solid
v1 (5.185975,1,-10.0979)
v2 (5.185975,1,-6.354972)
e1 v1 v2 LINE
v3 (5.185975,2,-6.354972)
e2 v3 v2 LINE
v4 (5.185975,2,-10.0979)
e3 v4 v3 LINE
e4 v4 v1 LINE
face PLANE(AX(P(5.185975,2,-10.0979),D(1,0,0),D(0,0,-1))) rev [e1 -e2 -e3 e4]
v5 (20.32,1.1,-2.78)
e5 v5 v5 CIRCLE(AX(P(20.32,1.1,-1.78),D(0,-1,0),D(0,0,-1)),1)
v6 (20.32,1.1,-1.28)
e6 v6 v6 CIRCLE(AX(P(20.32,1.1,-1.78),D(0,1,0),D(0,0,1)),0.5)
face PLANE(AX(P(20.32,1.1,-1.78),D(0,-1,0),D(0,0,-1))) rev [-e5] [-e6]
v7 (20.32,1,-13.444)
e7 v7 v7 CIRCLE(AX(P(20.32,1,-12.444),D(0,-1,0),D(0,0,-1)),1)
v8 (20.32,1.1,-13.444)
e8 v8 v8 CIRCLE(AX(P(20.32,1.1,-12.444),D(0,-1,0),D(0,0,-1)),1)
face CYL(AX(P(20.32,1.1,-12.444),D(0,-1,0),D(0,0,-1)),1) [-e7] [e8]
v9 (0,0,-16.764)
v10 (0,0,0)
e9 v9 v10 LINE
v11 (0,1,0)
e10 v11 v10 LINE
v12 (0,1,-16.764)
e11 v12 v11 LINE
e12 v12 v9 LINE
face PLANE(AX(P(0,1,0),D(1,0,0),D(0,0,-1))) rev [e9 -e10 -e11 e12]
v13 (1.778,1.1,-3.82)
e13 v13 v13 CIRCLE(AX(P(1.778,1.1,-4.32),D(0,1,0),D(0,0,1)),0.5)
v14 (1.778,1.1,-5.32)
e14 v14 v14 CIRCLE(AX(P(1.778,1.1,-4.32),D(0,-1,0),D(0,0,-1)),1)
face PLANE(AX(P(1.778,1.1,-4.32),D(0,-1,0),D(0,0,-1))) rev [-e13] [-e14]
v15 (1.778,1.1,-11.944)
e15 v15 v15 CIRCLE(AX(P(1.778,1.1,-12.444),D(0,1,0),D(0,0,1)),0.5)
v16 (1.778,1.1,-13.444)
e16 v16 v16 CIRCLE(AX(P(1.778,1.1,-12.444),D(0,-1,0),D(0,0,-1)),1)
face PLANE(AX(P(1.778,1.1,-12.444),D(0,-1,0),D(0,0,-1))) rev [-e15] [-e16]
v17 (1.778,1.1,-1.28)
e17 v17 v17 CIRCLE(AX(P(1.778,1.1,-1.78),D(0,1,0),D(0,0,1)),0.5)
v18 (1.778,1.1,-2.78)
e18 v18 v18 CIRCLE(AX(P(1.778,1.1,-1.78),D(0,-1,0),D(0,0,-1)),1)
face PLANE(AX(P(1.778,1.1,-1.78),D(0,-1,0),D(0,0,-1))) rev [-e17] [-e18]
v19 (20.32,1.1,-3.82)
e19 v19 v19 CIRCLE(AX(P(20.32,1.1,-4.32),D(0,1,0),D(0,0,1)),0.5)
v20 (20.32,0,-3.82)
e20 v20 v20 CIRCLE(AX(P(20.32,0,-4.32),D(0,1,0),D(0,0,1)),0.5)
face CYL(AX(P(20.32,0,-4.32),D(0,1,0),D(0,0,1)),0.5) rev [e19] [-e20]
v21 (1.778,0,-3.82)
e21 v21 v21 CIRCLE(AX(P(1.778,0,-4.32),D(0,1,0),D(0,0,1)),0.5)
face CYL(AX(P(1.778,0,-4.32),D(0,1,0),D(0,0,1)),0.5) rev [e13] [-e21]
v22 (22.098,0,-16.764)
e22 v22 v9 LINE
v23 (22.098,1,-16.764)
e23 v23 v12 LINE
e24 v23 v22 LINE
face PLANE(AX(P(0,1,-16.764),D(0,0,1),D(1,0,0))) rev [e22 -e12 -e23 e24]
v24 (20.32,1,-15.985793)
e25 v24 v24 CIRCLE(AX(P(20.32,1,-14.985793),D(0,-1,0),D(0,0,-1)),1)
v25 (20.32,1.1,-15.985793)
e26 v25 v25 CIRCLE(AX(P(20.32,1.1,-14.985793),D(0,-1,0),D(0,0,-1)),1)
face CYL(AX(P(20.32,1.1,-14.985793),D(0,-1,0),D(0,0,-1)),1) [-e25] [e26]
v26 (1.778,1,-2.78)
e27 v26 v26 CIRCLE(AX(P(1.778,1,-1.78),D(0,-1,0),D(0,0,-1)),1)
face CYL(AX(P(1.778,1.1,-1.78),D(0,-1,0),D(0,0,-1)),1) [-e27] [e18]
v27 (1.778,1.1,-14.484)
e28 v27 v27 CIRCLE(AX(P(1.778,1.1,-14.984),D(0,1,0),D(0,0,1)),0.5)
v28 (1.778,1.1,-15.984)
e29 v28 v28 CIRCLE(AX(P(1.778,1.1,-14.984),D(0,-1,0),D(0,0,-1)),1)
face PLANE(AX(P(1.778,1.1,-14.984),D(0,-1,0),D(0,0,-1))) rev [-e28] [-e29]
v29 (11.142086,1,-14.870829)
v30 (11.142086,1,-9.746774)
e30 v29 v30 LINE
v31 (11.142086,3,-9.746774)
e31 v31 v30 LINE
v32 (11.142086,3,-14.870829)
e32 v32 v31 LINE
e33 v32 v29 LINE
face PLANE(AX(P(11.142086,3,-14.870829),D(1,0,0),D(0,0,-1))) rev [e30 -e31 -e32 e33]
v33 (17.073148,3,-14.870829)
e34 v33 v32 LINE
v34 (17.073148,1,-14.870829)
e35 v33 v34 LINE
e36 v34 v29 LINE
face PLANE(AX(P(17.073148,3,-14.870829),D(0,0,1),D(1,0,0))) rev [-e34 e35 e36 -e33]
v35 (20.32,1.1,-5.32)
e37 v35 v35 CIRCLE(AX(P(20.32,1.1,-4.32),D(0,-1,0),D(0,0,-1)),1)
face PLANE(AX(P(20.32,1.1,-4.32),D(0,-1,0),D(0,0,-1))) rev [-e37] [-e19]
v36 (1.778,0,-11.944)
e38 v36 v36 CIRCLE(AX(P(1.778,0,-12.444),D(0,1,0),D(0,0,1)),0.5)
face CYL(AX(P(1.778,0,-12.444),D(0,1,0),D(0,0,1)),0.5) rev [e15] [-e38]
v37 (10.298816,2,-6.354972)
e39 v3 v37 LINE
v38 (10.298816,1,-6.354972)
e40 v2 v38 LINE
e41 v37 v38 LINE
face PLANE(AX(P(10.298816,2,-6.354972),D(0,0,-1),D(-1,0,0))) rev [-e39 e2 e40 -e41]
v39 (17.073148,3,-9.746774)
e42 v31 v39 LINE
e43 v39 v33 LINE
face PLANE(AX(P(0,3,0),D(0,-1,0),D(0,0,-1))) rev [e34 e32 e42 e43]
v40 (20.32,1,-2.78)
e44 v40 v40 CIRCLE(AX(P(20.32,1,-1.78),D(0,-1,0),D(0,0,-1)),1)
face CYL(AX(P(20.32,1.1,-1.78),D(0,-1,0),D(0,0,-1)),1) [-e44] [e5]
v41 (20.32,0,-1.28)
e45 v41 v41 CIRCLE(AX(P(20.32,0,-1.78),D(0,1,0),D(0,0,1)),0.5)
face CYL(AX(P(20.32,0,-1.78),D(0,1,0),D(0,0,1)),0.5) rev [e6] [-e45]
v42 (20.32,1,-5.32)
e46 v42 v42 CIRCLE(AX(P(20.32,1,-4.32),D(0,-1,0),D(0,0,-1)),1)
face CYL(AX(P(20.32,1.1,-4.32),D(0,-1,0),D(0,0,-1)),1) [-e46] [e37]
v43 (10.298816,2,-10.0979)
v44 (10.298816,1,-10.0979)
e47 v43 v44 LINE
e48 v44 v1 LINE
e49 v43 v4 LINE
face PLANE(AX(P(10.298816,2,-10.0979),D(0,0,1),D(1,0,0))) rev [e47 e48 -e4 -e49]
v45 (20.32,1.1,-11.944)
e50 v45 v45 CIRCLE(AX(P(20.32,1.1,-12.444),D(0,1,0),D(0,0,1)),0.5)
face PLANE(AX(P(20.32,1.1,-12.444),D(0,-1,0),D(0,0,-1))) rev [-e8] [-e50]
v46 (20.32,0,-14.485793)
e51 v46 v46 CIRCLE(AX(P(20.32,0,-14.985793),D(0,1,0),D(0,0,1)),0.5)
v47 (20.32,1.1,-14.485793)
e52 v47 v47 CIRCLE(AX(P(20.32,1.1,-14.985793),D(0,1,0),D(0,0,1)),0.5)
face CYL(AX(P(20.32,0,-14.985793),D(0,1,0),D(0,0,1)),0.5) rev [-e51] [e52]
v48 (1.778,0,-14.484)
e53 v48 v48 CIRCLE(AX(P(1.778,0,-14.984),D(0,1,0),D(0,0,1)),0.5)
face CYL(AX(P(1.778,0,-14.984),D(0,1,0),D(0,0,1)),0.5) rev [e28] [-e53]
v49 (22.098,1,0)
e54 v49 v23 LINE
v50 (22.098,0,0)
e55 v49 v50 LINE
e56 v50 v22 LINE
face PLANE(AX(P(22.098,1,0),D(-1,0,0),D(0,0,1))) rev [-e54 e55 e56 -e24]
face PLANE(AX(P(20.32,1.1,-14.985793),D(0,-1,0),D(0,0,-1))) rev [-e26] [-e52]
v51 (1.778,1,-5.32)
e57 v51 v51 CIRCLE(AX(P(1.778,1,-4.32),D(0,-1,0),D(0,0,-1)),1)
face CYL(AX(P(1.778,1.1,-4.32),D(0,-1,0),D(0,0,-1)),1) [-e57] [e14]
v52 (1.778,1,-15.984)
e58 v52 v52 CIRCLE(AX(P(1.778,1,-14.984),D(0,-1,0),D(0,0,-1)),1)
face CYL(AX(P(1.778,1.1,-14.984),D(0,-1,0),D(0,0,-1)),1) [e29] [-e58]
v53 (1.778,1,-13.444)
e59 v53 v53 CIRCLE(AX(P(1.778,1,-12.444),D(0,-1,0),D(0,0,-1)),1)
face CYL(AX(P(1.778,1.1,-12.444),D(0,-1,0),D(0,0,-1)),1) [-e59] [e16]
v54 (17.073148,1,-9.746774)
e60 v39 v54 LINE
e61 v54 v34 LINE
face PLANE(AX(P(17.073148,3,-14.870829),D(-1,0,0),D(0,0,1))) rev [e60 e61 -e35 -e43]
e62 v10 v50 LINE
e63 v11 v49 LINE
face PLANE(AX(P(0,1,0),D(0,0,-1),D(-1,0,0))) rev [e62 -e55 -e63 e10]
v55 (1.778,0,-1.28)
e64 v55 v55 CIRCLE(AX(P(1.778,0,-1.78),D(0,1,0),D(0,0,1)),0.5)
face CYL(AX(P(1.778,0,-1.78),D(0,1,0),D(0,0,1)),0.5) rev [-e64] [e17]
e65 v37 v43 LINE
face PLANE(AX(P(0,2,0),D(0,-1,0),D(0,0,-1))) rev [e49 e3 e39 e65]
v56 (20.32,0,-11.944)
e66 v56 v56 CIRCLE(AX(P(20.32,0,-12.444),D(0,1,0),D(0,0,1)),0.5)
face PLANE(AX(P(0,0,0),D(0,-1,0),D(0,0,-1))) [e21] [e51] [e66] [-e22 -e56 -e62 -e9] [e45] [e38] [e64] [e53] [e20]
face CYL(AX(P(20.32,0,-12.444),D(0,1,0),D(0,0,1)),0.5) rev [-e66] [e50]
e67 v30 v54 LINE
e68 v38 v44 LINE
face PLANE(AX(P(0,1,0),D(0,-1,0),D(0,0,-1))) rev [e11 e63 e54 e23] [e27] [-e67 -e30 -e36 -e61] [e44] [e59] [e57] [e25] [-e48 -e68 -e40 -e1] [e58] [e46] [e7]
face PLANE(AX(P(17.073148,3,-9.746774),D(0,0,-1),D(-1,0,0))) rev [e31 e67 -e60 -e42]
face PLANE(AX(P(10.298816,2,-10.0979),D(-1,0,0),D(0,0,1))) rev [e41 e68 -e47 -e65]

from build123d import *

# Parameters (mm, degrees)
SKETCH1_W           = 22.098
SKETCH1_H           = 16.764
BOSS_EXTRUDE1_DEPTH = 1
SKETCH2_R           = 1
BOSS_EXTRUDE2_DEPTH = 1.1
SKETCH4_R           = 0.5
CUT_EXTRUDE1_DEPTH  = 1.1
SKETCH5_W           = 5.931061502
SKETCH5_H           = 5.124055134
BOSS_EXTRUDE3_DEPTH = 2
SKETCH6_W           = 5.112840458
SKETCH6_H           = 3.742927716
BOSS_EXTRUDE4_DEPTH = 1


with BuildPart() as part:
    # Sketch1 → Boss-Extrude1 (new body)
    with BuildSketch(Plane(origin=(0, 0, 0), x_dir=(1, 0, 0), z_dir=(0, 1, 0))):
        with Locations((11.049, 8.382)):
            Rectangle(SKETCH1_W, SKETCH1_H)
    extrude(amount=BOSS_EXTRUDE1_DEPTH)

    # Sketch2 → Boss-Extrude2 (add)
    with BuildSketch(Plane.XZ):
        with Locations((1.778, -14.984)):
            Circle(SKETCH2_R)
        with Locations((20.32, -14.985792546)):
            Circle(SKETCH2_R)
        with Locations((1.778, -12.444)):
            Circle(SKETCH2_R)
        with Locations((20.32, -12.444)):
            Circle(SKETCH2_R)
        with Locations((1.778, -1.78)):
            Circle(SKETCH2_R)
        with Locations((1.778, -4.32)):
            Circle(SKETCH2_R)
        with Locations((20.32, -4.32)):
            Circle(SKETCH2_R)
        with Locations((20.32, -1.78)):
            Circle(SKETCH2_R)
    extrude(amount=-BOSS_EXTRUDE2_DEPTH)

    # Sketch4 → Cut-Extrude1 (cut)
    with BuildSketch(Plane(origin=(0, 1.1, 0), x_dir=(1, 0, 0), z_dir=(0, 1, 0))):
        with Locations((1.778, 14.984)):
            Circle(SKETCH4_R)
        with Locations((1.778, 12.444)):
            Circle(SKETCH4_R)
        with Locations((1.778, 4.32)):
            Circle(SKETCH4_R)
        with Locations((1.778, 1.78)):
            Circle(SKETCH4_R)
        with Locations((20.32, 14.985792546)):
            Circle(SKETCH4_R)
        with Locations((20.32, 12.444)):
            Circle(SKETCH4_R)
        with Locations((20.32, 4.32)):
            Circle(SKETCH4_R)
        with Locations((20.32, 1.78)):
            Circle(SKETCH4_R)
    extrude(amount=-CUT_EXTRUDE1_DEPTH, mode=Mode.SUBTRACT)

    # Sketch5 → Boss-Extrude3 (add)
    with BuildSketch(Plane(origin=(0, 1, 0), x_dir=(1, 0, 0), z_dir=(0, 1, 0))):
        with Locations((14.107616891, 12.30880124)):
            Rectangle(SKETCH5_W, SKETCH5_H)
    extrude(amount=BOSS_EXTRUDE3_DEPTH)

    # Sketch6 → Boss-Extrude4 (add)
    with BuildSketch(Plane(origin=(0, 1, 0), x_dir=(1, 0, 0), z_dir=(0, 1, 0))):
        with Locations((7.742395479, 8.226436285)):
            Rectangle(SKETCH6_W, SKETCH6_H)
    extrude(amount=BOSS_EXTRUDE4_DEPTH)


solid = part.part
